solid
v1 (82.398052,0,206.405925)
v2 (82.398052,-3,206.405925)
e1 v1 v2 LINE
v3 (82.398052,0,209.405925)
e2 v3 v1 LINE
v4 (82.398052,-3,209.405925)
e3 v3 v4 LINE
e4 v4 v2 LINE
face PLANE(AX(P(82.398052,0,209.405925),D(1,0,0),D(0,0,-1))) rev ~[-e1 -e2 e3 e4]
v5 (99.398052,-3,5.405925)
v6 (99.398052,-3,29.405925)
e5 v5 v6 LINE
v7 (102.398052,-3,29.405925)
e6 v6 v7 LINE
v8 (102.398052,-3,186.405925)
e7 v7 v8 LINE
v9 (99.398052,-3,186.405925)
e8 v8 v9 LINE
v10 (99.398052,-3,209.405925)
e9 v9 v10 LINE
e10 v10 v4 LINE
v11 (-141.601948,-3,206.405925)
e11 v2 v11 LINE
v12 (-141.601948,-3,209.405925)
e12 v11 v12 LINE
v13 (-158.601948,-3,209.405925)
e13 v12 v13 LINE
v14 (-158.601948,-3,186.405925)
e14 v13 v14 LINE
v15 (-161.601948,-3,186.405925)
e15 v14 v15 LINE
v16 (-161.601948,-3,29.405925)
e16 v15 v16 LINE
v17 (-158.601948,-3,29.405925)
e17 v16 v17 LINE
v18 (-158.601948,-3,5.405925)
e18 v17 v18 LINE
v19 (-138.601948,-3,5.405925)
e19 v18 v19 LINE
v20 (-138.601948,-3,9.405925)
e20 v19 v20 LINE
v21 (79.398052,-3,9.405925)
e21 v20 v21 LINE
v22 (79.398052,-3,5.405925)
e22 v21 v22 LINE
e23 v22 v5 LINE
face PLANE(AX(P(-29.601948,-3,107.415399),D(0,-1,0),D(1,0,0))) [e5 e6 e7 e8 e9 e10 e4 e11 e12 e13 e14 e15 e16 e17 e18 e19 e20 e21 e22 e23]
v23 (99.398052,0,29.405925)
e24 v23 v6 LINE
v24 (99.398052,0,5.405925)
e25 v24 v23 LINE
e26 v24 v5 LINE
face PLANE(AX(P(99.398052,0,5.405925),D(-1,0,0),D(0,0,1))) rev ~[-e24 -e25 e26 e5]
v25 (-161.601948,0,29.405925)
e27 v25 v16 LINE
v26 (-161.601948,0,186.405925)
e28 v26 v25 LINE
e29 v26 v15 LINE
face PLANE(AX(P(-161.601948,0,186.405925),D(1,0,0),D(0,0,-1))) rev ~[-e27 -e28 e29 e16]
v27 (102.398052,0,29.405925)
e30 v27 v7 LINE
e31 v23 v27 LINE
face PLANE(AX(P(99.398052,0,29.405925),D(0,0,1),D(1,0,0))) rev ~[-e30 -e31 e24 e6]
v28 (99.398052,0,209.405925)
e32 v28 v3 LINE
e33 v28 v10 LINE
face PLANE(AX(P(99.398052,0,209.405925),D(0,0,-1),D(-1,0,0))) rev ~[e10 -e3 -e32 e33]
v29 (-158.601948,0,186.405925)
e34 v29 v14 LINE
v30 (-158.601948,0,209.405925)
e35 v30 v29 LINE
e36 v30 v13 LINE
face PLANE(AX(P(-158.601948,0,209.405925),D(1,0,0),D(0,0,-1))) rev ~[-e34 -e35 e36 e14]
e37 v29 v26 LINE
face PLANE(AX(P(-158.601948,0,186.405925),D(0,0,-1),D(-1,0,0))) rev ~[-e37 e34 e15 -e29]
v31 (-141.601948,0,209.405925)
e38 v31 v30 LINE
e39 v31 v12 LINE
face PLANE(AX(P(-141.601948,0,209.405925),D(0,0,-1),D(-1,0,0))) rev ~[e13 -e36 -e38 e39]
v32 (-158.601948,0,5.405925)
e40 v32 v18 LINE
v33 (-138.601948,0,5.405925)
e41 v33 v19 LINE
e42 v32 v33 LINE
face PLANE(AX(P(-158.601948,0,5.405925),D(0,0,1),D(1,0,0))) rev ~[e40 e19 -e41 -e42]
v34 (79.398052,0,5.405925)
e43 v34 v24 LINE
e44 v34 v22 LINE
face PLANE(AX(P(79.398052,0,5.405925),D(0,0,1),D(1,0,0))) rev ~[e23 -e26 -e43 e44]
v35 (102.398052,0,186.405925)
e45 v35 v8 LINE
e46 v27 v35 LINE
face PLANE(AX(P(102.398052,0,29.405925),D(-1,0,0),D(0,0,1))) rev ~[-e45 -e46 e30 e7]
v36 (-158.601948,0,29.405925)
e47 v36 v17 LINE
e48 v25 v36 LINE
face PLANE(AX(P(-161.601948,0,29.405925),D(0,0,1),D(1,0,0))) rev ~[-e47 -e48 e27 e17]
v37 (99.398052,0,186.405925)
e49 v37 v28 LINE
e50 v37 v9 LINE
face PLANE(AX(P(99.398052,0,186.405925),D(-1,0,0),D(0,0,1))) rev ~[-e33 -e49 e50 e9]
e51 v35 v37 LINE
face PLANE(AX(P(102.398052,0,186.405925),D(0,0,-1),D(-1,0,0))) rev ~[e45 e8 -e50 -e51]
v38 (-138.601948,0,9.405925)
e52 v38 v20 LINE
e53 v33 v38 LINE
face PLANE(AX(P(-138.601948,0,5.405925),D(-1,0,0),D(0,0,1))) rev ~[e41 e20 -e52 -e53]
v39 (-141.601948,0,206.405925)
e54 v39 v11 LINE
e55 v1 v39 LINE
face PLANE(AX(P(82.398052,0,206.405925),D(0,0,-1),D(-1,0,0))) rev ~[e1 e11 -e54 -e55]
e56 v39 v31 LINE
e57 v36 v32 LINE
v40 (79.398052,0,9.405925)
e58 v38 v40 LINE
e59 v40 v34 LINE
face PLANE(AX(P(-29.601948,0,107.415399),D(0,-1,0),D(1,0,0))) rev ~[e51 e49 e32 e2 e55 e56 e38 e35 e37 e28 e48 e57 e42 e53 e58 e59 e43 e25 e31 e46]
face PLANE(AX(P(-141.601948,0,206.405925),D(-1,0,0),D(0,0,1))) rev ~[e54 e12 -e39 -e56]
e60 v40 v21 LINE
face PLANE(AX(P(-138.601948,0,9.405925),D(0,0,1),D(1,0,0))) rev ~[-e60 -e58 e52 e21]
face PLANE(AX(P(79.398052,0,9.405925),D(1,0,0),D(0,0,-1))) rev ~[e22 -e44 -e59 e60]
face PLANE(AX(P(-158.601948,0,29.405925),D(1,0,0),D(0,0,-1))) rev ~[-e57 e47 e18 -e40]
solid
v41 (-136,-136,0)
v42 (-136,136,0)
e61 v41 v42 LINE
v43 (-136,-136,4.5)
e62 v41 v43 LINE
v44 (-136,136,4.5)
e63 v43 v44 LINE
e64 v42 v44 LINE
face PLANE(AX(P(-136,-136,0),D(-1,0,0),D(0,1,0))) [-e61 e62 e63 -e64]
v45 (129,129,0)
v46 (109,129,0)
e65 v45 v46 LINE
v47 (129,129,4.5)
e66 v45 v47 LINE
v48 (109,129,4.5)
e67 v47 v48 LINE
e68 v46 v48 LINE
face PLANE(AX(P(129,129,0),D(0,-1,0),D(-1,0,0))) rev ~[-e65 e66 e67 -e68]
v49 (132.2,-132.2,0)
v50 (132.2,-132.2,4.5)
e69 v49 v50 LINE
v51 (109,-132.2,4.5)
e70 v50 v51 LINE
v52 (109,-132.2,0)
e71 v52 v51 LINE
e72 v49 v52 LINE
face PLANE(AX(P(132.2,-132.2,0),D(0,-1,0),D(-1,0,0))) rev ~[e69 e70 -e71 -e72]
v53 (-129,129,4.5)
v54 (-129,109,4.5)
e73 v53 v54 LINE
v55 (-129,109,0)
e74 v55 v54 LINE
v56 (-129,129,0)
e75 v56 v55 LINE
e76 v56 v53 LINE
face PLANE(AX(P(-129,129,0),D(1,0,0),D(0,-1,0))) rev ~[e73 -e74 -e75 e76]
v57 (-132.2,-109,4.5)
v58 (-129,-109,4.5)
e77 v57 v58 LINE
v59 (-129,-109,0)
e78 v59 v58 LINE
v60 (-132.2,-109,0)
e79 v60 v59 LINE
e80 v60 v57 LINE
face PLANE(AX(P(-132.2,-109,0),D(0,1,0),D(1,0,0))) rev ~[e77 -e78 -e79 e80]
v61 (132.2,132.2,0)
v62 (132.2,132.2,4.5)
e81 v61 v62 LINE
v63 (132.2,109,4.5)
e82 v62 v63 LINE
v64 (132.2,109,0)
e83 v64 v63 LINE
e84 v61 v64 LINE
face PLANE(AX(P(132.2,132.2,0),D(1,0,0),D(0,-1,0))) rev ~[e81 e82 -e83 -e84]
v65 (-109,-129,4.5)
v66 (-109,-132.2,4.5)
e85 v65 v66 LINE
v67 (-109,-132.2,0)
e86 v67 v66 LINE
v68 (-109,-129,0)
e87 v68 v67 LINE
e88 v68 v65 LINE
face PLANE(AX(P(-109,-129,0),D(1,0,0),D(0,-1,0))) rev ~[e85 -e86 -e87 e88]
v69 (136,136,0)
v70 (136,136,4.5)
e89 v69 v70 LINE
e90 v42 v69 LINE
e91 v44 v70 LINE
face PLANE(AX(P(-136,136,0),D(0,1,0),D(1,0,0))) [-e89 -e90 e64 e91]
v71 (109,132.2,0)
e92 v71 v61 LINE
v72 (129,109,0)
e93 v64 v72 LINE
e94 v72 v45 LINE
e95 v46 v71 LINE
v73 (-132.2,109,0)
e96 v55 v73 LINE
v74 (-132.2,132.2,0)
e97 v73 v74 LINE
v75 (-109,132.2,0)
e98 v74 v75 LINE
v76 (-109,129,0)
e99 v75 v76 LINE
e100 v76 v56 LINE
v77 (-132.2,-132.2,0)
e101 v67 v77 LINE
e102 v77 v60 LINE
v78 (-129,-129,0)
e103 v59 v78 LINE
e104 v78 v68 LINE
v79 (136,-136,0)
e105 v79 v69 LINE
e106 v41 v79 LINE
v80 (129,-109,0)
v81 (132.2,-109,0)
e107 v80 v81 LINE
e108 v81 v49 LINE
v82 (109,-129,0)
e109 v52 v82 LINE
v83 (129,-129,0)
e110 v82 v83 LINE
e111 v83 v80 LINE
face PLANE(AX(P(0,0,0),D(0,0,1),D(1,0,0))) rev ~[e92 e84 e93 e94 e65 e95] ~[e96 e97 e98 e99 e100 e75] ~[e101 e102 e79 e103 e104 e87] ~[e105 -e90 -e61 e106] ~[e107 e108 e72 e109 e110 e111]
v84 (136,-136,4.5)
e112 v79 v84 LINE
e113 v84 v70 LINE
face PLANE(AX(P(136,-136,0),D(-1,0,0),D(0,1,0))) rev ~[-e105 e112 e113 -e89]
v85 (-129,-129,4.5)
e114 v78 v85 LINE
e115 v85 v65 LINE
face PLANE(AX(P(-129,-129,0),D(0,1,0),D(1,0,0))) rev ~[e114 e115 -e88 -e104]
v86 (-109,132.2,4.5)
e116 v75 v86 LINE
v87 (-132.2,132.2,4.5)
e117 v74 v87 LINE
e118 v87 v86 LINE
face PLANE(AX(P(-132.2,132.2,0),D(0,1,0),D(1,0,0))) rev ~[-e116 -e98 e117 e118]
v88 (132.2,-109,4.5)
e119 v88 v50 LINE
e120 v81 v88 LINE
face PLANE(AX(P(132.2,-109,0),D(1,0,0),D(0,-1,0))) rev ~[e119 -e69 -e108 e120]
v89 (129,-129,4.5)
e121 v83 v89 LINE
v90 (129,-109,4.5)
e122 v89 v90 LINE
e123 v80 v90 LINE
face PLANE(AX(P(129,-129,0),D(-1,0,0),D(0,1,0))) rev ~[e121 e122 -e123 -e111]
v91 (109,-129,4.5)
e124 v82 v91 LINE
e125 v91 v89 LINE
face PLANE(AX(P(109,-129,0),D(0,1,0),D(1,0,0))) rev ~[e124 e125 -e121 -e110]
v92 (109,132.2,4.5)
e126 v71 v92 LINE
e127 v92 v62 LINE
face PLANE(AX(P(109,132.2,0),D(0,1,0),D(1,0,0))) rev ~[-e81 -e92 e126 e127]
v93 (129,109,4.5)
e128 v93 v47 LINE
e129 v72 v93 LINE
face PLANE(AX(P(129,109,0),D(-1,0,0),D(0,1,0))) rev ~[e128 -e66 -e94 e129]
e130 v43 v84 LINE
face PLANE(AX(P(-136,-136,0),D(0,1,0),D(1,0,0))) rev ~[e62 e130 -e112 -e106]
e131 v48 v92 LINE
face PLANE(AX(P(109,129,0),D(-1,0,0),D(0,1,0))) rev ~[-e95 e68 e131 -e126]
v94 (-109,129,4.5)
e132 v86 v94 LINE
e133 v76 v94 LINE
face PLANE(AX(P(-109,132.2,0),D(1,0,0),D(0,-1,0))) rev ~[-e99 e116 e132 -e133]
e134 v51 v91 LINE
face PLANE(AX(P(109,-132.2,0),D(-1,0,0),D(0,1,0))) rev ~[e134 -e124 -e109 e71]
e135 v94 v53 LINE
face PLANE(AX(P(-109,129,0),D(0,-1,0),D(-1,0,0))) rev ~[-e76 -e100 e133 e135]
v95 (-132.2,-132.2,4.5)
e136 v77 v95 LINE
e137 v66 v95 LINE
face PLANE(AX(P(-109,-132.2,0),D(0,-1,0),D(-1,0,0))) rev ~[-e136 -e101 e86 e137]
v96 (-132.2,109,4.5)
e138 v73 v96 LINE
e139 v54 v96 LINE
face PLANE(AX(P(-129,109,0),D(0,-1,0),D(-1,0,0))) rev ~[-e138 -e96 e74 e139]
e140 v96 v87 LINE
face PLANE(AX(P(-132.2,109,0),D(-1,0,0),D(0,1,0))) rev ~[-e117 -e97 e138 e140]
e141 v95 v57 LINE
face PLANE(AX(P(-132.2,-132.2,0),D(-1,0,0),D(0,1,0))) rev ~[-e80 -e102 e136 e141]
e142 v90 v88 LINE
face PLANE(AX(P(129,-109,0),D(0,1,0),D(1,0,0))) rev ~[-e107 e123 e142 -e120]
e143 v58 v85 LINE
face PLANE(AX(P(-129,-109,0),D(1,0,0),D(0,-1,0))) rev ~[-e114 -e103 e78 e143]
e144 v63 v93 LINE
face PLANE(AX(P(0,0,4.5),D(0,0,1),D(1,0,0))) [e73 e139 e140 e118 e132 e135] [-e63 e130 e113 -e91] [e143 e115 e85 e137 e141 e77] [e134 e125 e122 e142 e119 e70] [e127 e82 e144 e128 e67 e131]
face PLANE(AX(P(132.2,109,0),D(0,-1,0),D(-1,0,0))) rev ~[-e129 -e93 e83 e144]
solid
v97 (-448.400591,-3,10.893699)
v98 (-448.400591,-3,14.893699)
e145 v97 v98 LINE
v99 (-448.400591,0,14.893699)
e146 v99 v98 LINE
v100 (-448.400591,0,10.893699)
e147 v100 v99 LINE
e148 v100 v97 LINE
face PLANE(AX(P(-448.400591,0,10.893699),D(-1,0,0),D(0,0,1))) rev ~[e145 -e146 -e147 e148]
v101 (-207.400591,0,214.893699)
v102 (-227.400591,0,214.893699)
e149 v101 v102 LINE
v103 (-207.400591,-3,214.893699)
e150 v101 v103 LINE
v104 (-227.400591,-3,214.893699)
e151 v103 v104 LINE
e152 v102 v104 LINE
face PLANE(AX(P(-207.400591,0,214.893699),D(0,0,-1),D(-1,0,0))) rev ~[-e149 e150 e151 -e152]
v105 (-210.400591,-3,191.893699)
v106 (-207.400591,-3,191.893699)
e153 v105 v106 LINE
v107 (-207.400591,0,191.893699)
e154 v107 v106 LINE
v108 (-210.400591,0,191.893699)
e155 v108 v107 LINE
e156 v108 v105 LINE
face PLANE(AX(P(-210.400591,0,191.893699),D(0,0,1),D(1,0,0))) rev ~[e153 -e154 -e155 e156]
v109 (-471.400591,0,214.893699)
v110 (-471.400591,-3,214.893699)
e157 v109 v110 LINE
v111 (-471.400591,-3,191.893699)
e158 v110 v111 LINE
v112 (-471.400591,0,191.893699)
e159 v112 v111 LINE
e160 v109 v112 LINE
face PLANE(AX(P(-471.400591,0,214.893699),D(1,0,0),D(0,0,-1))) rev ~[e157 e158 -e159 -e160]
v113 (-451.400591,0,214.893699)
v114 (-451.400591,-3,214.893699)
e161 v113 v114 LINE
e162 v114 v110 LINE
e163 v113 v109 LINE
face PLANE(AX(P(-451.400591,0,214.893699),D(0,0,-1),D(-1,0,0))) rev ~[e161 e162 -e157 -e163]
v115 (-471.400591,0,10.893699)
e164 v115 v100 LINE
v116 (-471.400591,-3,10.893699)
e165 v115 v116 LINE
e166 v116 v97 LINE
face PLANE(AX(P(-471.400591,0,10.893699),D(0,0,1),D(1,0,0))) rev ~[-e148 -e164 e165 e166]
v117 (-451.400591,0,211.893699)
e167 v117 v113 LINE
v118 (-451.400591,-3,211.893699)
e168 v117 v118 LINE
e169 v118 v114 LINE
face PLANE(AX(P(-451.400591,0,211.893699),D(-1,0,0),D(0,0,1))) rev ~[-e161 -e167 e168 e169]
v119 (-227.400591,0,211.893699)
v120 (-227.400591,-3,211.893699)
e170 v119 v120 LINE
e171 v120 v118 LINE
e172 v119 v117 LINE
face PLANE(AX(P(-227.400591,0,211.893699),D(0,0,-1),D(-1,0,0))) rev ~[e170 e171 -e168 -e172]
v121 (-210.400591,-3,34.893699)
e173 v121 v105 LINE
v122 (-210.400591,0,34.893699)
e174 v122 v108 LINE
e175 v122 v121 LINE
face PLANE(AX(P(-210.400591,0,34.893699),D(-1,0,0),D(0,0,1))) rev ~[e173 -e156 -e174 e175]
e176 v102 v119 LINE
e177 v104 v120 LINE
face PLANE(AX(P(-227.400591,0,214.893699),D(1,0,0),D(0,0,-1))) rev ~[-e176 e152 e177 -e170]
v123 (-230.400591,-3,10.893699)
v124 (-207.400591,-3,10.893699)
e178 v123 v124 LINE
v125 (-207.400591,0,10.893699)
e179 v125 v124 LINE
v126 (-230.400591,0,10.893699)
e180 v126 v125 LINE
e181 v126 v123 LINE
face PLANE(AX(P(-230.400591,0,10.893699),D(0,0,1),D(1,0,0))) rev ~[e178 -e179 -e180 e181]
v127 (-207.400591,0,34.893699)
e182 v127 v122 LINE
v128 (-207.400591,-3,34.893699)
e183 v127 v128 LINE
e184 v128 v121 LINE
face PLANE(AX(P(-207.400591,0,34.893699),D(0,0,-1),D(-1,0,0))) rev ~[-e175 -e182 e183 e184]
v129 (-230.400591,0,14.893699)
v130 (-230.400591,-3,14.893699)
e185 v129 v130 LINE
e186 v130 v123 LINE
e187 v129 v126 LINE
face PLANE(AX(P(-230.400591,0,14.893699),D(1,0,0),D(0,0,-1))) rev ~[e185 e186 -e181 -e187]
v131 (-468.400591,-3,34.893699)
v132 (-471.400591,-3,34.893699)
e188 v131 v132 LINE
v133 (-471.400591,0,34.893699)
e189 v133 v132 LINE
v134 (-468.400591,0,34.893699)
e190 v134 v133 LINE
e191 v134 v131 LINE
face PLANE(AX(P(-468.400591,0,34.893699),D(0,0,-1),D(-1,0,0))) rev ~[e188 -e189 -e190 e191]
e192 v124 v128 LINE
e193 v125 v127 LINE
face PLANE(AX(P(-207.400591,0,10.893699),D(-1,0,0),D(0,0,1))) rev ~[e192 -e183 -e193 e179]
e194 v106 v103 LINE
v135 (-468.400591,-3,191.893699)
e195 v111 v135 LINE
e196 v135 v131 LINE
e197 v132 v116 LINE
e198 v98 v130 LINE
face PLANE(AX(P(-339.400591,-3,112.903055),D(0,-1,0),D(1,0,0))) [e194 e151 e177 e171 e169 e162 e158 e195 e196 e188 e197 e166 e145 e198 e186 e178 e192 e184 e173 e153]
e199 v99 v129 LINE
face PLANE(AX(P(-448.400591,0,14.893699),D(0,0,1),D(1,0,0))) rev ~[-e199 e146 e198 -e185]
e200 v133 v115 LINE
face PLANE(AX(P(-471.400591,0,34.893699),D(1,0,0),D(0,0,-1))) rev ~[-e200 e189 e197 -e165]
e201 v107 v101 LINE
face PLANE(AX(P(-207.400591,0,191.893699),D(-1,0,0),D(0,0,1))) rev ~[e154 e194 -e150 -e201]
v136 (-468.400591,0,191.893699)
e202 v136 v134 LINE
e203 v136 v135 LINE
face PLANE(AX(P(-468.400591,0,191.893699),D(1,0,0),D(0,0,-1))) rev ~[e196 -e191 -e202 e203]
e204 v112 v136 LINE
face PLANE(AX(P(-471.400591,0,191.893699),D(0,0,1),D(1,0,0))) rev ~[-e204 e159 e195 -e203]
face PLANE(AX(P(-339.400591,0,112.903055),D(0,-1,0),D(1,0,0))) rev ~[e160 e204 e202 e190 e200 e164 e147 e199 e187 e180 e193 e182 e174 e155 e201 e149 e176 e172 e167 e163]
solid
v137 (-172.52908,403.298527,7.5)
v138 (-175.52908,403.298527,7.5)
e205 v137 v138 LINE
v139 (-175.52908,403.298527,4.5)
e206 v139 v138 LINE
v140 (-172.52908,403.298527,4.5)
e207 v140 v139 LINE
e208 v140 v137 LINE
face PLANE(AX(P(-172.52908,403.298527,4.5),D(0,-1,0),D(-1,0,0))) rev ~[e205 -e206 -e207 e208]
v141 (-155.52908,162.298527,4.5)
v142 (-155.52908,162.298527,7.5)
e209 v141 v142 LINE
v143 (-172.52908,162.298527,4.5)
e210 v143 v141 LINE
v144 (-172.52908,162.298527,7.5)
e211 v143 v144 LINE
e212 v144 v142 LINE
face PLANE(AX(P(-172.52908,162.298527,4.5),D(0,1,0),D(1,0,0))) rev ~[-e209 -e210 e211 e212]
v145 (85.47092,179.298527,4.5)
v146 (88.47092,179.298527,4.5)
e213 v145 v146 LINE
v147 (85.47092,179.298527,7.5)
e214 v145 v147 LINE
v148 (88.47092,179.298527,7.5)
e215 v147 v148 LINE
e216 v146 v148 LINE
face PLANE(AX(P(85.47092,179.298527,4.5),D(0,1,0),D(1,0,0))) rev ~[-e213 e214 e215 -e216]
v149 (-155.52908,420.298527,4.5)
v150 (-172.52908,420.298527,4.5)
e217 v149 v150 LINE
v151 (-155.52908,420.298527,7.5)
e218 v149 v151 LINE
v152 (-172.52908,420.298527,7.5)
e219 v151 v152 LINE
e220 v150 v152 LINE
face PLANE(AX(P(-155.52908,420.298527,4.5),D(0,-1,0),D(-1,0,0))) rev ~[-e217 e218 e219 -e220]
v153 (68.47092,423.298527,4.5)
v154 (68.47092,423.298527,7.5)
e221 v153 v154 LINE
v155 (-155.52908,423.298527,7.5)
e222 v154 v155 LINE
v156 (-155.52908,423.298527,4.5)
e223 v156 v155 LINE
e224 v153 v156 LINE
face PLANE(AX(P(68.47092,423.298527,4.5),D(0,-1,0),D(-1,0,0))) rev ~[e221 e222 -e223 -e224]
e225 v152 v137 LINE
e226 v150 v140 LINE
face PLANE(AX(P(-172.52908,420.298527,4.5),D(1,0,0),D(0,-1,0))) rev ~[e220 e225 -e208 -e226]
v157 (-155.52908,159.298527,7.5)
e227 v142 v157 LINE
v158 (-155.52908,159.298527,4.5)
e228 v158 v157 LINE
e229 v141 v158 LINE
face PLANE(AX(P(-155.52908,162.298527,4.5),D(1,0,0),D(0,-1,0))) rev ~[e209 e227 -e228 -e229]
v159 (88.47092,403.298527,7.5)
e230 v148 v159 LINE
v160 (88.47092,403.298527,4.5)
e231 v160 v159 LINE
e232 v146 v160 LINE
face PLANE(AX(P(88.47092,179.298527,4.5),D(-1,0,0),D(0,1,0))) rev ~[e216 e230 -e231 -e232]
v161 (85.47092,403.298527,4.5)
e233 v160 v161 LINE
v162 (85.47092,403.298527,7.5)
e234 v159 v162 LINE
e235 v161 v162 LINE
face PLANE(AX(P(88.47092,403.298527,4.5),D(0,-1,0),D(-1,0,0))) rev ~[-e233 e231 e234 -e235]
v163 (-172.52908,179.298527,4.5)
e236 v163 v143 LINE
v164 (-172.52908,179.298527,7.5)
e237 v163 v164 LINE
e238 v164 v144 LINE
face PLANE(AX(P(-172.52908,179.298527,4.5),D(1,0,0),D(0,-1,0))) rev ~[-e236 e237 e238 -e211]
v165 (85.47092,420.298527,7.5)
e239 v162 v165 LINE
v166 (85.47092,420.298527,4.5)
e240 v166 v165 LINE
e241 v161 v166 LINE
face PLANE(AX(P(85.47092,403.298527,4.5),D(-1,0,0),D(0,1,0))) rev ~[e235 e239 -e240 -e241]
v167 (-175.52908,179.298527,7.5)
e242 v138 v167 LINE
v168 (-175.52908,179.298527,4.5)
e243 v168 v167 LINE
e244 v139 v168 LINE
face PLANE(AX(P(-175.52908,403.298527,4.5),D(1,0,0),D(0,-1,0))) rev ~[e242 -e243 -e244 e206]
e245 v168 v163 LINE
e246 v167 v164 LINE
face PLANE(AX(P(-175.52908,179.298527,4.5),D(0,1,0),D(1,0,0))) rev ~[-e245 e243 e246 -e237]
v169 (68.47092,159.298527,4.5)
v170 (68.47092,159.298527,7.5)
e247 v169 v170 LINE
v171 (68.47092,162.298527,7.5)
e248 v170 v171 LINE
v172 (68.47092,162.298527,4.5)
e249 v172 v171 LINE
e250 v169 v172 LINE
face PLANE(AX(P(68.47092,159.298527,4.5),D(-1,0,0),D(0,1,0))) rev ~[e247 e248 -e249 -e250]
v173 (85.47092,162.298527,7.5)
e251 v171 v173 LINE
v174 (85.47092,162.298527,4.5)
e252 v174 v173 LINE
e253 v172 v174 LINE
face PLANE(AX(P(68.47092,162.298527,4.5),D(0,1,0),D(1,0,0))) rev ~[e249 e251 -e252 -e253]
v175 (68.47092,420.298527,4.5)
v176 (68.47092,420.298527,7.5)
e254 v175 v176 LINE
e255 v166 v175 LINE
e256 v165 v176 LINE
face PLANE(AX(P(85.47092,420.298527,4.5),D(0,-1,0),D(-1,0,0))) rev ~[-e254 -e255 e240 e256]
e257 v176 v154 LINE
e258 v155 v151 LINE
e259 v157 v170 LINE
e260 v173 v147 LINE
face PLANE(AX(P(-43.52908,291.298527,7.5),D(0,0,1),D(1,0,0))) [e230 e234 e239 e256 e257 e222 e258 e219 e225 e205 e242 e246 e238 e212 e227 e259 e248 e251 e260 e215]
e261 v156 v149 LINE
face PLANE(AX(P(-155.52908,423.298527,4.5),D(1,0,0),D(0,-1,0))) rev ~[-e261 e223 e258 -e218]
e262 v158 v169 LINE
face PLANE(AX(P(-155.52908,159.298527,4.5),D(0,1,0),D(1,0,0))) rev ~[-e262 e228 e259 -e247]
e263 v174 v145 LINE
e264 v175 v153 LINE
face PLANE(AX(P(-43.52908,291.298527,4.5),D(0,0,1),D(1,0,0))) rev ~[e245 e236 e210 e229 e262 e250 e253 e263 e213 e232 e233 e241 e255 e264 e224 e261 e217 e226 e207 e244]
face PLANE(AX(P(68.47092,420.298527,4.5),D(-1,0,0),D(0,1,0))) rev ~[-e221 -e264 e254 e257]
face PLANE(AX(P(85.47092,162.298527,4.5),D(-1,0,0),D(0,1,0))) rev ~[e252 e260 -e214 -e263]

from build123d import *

# Parameters (mm, degrees)
F0_W     = 272
F0_H     = 272
F1_DEPTH = 4.5
F3_DEPTH = 3
F5_DEPTH = 3
F7_DEPTH = 3


with BuildPart() as f1:
    # F0 (on Top) → F1 (new body)
    with BuildSketch(Plane.XY):
        Rectangle(F0_W, F0_H)
        Polygon((-109, -129), (-109, -132.2), (-132.2, -132.2), (-132.2, -109), (-129, -109), (-129, -129), align=None, mode=Mode.SUBTRACT)
        Polygon((129, -109), (132.2, -109), (132.2, -132.2), (109, -132.2), (109, -129), (129, -129), align=None, mode=Mode.SUBTRACT)
        Polygon((-129, 129), (-129, 109), (-132.2, 109), (-132.2, 132.2), (-109, 132.2), (-109, 129), align=None, mode=Mode.SUBTRACT)
        Polygon((109, 129), (109, 132.2), (132.2, 132.2), (132.2, 109), (129, 109), (129, 129), align=None, mode=Mode.SUBTRACT)
    extrude(amount=F1_DEPTH)


with BuildPart() as f3:
    # F2 (on Front) → F3 (new body)
    with BuildSketch(Plane.XZ):
        Polygon((-138.601948, 5.405925), (-138.601948, 9.405925), (79.398052, 9.405925), (79.398052, 5.405925), (99.398052, 5.405925), (99.398052, 9.405925), (99.398052, 29.405925), (102.398052, 29.405925), (102.398052, 186.405925), (99.398052, 186.405925), (99.398052, 209.405925), (82.398052, 209.405925), (82.398052, 206.405925), (-141.601948, 206.405925), (-141.601948, 209.405925), (-158.601948, 209.405925), (-158.601948, 186.405925), (-161.601948, 186.405925), (-161.601948, 29.405925), (-158.601948, 29.405925), (-158.601948, 9.405925), (-158.601948, 5.405925), align=None)
    extrude(amount=F3_DEPTH)


with BuildPart() as f5:
    # F4 (on Front) → F5 (new body)
    with BuildSketch(Plane.XZ):
        Polygon((-448.400591, 10.893699), (-448.400591, 14.893699), (-230.400591, 14.893699), (-230.400591, 10.893699), (-207.400591, 10.893699), (-207.400591, 14.893699), (-207.400591, 34.893699), (-210.400591, 34.893699), (-210.400591, 191.893699), (-207.400591, 191.893699), (-207.400591, 214.893699), (-227.400591, 214.893699), (-227.400591, 211.893699), (-451.400591, 211.893699), (-451.400591, 214.893699), (-471.400591, 214.893699), (-471.400591, 191.893699), (-468.400591, 191.893699), (-468.400591, 34.893699), (-471.400591, 34.893699), (-471.400591, 14.893699), (-471.400591, 10.893699), align=None)
    extrude(amount=F5_DEPTH)


with BuildPart() as f7:
    # F6 (on face) → F7 (new body)
    with BuildSketch(Plane.XY.offset(4.5)):
        Polygon((68.47092, 423.298527), (-155.52908, 423.298527), (-155.52908, 420.298527), (-172.52908, 420.298527), (-172.52908, 403.298527), (-175.52908, 403.298527), (-175.52908, 179.298527), (-172.52908, 179.298527), (-172.52908, 162.298527), (-155.52908, 162.298527), (-155.52908, 159.298527), (68.47092, 159.298527), (68.47092, 162.298527), (85.47092, 162.298527), (85.47092, 179.298527), (88.47092, 179.298527), (88.47092, 403.298527), (85.47092, 403.298527), (85.47092, 420.298527), (68.47092, 420.298527), align=None)
    extrude(amount=F7_DEPTH)


solid = Compound([f1.part, f3.part, f5.part, f7.part])
